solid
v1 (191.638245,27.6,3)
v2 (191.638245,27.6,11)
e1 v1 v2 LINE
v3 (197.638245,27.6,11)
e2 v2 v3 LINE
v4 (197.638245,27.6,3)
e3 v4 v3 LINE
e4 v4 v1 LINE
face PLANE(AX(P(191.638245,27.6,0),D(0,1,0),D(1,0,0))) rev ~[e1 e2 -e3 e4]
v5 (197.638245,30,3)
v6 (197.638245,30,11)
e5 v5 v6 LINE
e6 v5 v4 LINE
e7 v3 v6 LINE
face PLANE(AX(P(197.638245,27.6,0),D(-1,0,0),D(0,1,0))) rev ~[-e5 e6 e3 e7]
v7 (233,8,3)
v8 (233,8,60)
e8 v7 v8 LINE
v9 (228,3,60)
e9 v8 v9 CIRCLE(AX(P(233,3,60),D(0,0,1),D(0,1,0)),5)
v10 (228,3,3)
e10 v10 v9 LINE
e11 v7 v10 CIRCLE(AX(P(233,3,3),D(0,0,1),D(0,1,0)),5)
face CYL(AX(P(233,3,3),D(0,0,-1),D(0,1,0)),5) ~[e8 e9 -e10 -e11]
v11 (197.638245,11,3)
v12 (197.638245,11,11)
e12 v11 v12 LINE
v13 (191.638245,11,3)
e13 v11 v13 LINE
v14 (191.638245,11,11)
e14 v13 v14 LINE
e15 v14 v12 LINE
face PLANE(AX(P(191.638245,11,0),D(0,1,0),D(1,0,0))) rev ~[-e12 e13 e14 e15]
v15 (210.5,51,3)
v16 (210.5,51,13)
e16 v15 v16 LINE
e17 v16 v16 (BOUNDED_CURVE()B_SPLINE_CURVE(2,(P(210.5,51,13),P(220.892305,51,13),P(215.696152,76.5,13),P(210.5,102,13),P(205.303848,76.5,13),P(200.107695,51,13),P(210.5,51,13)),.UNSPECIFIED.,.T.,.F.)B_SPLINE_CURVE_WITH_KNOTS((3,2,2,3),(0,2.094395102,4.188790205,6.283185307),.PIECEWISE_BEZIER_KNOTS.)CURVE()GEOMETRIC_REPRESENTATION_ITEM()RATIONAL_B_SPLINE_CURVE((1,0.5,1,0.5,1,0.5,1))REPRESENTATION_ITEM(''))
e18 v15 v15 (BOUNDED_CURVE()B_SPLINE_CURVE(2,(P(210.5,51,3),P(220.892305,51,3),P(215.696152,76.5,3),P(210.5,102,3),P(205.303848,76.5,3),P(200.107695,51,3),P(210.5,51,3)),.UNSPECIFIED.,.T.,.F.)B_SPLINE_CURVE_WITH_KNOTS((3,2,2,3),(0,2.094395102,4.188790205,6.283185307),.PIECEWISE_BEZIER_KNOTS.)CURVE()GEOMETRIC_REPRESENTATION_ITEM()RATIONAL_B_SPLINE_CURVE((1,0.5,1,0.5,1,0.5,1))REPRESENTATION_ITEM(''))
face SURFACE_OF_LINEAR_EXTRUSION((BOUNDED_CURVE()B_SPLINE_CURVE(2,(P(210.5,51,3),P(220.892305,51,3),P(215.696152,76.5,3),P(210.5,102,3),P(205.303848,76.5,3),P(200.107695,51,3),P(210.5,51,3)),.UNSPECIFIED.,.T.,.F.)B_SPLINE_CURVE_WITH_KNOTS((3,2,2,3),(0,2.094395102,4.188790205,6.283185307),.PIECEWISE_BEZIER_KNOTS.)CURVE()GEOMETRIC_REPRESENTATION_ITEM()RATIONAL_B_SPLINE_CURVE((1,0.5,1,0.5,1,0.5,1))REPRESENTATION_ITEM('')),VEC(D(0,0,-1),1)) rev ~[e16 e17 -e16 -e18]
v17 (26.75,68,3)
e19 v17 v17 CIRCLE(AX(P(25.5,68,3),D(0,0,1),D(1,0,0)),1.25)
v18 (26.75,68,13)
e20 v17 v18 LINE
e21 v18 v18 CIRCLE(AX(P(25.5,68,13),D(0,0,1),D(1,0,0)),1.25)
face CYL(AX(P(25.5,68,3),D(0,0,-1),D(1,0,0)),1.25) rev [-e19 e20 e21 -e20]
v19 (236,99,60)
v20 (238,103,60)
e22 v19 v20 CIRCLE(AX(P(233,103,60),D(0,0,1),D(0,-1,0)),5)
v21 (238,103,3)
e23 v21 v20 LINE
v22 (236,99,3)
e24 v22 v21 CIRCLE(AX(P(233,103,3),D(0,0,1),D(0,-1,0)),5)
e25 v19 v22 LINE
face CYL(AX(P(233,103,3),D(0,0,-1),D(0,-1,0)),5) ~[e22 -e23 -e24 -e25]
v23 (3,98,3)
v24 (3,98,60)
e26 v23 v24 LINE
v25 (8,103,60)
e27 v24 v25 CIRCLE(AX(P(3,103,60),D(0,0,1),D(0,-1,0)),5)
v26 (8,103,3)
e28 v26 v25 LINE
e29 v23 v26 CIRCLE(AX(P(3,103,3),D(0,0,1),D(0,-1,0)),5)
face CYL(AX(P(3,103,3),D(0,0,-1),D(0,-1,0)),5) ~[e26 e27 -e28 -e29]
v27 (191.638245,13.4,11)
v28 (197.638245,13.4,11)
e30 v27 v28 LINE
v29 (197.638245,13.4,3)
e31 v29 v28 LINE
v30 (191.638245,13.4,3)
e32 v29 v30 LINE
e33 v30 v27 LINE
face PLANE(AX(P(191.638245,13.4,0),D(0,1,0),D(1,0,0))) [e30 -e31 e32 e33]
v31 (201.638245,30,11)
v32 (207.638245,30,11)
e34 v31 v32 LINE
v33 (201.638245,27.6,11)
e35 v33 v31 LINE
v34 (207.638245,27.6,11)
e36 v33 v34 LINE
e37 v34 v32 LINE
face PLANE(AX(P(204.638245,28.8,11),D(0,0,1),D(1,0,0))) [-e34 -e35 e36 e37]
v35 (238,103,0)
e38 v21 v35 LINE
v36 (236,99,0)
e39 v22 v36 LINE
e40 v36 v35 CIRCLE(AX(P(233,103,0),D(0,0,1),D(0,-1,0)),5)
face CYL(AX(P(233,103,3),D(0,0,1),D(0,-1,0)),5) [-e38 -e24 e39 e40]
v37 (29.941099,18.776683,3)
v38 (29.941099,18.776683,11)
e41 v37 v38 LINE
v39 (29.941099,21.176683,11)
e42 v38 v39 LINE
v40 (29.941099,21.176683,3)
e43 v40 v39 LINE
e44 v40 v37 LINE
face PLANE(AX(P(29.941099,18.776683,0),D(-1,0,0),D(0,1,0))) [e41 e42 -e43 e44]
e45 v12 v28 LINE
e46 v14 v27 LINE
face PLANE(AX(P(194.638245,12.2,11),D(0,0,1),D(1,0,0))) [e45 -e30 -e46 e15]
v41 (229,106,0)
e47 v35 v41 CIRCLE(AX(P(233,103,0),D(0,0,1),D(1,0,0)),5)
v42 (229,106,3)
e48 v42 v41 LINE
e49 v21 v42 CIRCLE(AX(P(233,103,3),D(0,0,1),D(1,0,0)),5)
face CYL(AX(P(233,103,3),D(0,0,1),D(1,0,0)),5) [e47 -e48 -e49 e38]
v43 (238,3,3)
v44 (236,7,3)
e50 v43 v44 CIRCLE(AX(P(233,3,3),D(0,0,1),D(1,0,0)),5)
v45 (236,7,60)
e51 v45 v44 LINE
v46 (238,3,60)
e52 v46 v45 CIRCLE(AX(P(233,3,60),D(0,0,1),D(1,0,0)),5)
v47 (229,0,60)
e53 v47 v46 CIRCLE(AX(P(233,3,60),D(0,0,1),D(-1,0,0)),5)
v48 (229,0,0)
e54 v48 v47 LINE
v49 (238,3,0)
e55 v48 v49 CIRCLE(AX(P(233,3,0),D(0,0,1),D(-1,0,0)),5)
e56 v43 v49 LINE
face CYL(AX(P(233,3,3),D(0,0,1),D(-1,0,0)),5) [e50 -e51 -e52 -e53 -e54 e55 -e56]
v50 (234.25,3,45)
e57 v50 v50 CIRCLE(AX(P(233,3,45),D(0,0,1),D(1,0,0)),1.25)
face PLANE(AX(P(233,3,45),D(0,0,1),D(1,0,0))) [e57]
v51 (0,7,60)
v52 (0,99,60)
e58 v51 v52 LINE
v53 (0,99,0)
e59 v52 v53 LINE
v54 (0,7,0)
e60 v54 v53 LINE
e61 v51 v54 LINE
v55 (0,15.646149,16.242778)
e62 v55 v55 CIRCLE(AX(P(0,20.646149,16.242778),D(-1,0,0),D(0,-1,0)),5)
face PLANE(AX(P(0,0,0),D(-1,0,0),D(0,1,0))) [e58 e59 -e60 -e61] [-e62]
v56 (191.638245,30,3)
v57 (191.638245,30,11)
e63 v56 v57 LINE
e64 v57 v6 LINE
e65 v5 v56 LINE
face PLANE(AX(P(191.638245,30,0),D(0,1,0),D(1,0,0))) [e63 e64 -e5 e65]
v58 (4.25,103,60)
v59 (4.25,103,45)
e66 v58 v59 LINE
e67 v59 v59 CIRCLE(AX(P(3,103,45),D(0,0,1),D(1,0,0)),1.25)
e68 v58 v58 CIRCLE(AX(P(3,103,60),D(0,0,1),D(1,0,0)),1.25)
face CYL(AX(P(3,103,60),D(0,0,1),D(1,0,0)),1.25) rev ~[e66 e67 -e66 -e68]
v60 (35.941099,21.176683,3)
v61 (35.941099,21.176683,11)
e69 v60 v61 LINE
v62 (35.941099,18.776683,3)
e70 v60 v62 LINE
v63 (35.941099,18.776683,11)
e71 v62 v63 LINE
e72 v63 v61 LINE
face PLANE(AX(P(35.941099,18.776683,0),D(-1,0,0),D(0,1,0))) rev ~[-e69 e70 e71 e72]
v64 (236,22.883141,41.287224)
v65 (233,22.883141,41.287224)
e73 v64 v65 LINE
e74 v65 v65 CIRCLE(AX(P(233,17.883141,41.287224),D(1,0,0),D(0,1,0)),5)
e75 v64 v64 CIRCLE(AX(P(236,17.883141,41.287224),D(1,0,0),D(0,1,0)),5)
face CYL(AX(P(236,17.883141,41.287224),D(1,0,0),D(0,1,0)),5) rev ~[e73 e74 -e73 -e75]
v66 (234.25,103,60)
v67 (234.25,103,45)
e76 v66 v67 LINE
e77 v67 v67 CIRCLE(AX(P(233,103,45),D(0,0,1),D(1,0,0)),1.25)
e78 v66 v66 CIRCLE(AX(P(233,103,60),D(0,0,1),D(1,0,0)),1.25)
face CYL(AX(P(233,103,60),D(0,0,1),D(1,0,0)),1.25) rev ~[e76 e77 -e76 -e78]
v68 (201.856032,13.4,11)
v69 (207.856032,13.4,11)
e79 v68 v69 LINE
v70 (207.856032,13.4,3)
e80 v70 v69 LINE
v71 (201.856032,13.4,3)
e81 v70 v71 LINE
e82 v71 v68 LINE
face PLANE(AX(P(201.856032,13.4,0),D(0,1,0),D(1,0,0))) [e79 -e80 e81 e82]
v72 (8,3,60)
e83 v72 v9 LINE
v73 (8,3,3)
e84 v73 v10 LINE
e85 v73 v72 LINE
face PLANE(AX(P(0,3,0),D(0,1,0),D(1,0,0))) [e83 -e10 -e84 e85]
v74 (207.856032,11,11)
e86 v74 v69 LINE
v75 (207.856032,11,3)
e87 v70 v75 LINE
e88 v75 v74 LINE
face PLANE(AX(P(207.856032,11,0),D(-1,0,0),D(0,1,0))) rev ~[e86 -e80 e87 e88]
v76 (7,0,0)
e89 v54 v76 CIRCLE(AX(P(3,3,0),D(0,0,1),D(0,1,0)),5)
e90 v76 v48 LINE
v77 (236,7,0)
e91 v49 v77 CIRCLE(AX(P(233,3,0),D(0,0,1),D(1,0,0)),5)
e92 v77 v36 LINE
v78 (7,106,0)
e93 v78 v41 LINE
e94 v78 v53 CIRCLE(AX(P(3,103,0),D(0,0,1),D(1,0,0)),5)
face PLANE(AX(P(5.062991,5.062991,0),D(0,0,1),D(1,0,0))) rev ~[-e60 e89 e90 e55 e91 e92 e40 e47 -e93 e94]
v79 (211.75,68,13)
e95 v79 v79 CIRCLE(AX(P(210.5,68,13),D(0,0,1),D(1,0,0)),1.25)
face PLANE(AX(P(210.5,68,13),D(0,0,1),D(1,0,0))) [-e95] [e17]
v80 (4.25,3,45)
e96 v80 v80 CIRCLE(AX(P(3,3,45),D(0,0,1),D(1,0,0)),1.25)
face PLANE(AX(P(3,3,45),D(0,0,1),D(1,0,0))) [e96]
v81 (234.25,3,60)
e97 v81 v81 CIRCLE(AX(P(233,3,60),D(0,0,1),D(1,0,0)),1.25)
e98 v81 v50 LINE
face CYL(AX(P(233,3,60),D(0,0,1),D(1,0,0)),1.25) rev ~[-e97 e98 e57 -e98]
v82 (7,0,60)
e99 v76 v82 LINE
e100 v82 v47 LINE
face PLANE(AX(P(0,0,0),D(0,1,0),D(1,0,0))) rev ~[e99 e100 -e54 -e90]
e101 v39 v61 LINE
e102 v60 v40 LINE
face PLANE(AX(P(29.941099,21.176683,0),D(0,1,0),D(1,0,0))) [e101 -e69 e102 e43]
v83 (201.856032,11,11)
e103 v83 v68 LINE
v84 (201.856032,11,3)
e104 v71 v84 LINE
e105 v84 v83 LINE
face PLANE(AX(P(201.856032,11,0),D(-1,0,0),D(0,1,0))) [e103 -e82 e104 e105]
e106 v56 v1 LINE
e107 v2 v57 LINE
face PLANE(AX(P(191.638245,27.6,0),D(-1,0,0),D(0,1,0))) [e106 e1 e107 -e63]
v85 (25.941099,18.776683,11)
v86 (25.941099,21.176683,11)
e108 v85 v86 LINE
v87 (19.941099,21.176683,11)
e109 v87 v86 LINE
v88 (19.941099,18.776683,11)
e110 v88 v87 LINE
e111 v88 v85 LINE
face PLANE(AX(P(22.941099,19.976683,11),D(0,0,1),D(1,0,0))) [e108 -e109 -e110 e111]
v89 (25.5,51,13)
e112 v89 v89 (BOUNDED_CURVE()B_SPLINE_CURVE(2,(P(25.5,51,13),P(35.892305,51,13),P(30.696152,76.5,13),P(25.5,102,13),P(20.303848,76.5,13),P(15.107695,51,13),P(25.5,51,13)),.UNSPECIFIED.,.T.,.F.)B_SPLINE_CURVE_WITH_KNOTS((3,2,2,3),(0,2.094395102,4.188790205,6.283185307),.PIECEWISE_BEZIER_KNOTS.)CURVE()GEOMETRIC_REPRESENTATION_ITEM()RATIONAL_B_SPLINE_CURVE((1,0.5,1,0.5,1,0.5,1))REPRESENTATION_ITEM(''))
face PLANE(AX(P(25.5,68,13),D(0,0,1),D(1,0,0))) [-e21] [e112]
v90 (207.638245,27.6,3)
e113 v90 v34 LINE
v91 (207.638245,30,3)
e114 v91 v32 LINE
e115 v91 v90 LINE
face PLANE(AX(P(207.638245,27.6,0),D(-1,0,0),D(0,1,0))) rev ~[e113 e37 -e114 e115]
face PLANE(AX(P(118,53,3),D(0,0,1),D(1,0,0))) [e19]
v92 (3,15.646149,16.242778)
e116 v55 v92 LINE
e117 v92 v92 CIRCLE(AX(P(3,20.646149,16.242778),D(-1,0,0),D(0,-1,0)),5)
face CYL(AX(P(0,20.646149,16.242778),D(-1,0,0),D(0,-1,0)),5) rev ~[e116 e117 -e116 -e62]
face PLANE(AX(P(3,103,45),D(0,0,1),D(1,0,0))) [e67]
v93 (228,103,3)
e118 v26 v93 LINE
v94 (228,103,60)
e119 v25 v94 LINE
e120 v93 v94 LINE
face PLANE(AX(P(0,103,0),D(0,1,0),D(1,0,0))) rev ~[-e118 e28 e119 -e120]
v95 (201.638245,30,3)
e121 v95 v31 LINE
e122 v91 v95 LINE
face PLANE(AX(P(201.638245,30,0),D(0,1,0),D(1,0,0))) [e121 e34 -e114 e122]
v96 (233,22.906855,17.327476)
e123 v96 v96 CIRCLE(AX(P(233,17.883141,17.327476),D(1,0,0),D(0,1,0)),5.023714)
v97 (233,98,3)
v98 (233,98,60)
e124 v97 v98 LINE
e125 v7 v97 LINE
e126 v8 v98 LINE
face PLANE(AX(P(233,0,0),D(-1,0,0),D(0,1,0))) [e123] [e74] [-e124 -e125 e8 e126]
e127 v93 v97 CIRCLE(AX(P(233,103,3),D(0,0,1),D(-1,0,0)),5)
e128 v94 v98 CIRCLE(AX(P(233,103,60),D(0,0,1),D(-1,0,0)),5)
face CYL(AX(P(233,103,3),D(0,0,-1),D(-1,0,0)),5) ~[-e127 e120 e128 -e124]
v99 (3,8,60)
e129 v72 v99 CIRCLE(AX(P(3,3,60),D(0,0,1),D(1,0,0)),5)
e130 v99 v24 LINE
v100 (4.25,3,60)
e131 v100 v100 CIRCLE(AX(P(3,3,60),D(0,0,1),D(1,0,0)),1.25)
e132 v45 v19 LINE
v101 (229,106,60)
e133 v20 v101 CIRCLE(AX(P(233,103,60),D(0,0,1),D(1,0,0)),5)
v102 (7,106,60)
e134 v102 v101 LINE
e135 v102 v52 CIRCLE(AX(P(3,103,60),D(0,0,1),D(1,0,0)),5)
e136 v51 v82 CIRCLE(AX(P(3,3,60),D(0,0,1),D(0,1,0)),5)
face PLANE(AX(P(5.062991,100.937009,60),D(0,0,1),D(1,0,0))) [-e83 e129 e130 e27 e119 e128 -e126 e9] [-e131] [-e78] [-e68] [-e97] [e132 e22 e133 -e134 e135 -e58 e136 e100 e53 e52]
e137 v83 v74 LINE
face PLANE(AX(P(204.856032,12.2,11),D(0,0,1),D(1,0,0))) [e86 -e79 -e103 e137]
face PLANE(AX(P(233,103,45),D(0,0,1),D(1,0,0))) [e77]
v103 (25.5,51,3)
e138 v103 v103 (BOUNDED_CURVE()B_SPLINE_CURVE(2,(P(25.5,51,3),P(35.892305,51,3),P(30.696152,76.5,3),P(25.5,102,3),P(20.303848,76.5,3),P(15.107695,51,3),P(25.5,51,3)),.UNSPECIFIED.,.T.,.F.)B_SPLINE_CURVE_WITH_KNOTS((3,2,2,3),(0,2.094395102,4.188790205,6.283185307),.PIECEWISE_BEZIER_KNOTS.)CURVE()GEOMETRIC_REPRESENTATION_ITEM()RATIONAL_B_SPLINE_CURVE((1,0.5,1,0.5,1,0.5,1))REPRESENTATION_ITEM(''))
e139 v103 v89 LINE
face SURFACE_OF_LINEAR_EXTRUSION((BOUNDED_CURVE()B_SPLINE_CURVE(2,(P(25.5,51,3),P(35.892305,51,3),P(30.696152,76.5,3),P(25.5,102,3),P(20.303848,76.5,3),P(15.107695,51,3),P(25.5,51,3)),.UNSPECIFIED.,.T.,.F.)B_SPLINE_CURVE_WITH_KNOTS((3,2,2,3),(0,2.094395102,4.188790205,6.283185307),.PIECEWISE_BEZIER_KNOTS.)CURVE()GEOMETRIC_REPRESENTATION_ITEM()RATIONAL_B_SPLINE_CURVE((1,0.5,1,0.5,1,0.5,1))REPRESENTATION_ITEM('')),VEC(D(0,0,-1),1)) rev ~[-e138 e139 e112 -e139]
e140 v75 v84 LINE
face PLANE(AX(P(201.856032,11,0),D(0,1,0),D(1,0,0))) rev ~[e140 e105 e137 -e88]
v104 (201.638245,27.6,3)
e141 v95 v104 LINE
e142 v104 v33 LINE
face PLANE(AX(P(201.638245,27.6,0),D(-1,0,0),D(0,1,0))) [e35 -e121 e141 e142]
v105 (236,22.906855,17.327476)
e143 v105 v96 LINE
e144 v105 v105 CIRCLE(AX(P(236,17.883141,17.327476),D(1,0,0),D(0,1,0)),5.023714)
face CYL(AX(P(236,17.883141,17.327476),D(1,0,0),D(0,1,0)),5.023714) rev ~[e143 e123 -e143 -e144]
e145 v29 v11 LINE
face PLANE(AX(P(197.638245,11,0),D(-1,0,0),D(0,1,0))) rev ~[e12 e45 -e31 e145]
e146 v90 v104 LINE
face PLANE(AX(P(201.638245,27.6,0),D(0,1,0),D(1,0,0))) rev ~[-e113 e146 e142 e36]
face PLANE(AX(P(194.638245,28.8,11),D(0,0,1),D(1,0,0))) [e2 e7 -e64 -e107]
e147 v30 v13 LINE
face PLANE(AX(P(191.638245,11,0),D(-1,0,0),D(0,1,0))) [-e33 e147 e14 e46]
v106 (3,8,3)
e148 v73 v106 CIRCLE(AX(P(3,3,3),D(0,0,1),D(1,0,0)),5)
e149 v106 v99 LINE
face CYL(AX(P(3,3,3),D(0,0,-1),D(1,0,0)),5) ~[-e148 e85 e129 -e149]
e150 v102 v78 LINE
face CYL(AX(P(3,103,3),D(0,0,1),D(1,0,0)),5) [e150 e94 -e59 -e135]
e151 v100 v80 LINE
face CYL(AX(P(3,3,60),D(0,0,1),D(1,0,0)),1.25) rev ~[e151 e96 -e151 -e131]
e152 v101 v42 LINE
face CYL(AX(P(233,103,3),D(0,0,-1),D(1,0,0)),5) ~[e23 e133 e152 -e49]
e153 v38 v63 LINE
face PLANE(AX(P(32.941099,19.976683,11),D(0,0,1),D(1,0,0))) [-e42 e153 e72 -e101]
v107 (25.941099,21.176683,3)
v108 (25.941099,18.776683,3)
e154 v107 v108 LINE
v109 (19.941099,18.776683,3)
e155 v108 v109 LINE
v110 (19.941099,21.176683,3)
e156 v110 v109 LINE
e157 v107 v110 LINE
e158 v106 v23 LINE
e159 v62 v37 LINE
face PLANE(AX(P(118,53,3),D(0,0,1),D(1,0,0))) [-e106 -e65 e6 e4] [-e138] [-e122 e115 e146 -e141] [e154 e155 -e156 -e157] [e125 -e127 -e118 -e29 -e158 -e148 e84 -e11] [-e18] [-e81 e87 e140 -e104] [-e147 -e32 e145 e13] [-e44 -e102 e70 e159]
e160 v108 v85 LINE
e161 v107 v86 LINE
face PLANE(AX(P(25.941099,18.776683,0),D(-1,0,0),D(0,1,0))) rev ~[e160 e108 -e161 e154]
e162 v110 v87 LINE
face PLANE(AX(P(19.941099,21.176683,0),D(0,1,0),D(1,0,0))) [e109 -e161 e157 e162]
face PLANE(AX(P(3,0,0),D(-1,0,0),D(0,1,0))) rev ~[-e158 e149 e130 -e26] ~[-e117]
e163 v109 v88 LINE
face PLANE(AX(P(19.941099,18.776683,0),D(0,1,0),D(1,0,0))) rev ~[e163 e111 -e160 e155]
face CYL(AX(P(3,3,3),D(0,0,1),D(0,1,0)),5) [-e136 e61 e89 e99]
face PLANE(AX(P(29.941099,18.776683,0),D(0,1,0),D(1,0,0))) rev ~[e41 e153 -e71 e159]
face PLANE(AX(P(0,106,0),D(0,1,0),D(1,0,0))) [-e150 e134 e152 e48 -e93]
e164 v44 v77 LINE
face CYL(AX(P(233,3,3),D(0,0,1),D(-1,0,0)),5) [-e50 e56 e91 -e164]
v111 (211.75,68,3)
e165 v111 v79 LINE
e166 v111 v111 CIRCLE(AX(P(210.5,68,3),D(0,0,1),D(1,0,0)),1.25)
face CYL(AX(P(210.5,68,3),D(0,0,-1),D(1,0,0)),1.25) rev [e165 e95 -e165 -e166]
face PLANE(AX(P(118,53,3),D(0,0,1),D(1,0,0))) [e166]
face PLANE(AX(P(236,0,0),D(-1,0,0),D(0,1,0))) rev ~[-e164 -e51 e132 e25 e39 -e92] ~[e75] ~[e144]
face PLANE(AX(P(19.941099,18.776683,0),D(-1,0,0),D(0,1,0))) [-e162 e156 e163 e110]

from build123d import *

# Parameters (mm, degrees)
F0_W      = 236
F0_H      = 106
F1_DEPTH  = 60
F2_T      = -3
F3_R      = 1.25
F4_DEPTH  = 10
F5_R      = 5
F7_DEPTH  = 57
F8_R      = 1.25
F9_DEPTH  = 15
F10_R     = 5.0237142935
F10_R_2   = 5
F11_DEPTH = 5
F12_R     = 5
F13_DEPTH = 5
F14_W     = 6
F14_H     = 2.4
F15_DEPTH = 11
F16_W     = 6
F16_H     = 2.4
F17_DEPTH = 11
F18_DEPTH = 3


with BuildPart() as f1:
    # F0 (on Top) → F1 (new body)
    with BuildSketch(Plane.XY):
        with Locations((118, 53)):
            Rectangle(F0_W, F0_H)
    extrude(amount=F1_DEPTH)

    # F2
    f2_openings = [f1.faces().sort_by_distance(p)[0] for p in [
        (118, 53, 60),
    ]]
    offset(amount=F2_T, openings=f2_openings)

    # F3 (on face) → F4 (join)
    with BuildSketch(Plane.XY.offset(3)):
        with BuildLine():
            add(Edge.make_bspline(
                [(25.5, 51), (35.8923048454, 51), (30.6961524227, 76.5), (25.5, 102), (20.3038475773, 76.5), (15.1076951546, 51), (25.5, 51)],
                knots=[0, 0, 0, 2.0943951024, 2.0943951024, 4.1887902048, 4.1887902048, 6.2831853072, 6.2831853072, 6.2831853072], degree=2, weights=[1, 0.5, 1, 0.5, 1, 0.5, 1]))
        make_face()
        with Locations((25.5, 68)):
            Circle(F3_R, mode=Mode.SUBTRACT)
        with BuildLine():
            add(Edge.make_bspline(
                [(210.5, 51), (220.8923048454, 51), (215.6961524227, 76.5), (210.5, 102), (205.3038475773, 76.5), (200.1076951546, 51), (210.5, 51)],
                knots=[0, 0, 0, 2.0943951024, 2.0943951024, 4.1887902048, 4.1887902048, 6.2831853072, 6.2831853072, 6.2831853072], degree=2, weights=[1, 0.5, 1, 0.5, 1, 0.5, 1]))
        make_face()
        with Locations((210.5, 68)):
            Circle(F3_R, mode=Mode.SUBTRACT)
    extrude(amount=F4_DEPTH)

    # F5
    f5_edges = [f1.edges().sort_by_distance(p)[0] for p in [
        (0, 0, 30),
        (0, 106, 30),
        (236, 0, 30),
        (236, 106, 30),
    ]]
    fillet(f5_edges, radius=F5_R)

    # F3 (on face) → F7 (join)
    with BuildSketch(Plane.XY.offset(3)):
        with BuildLine():
            ThreePointArc((3, 98), (6.5355339059, 99.4644660941), (8, 103))
            Line((8, 103), (3, 103))
            Line((3, 103), (3, 98))
        make_face()
        with BuildLine():
            ThreePointArc((8, 3), (6.5355339059, 6.5355339059), (3, 8))
            Line((3, 8), (3, 3))
            Line((3, 3), (8, 3))
        make_face()
        with BuildLine():
            Line((233, 103), (228, 103))
            ThreePointArc((228, 103), (229.4644660941, 99.4644660941), (233, 98))
            Line((233, 98), (233, 103))
        make_face()
        with BuildLine():
            Line((233, 3), (233, 8))
            ThreePointArc((233, 8), (229.4644660941, 6.5355339059), (228, 3))
            Line((228, 3), (233, 3))
        make_face()
        with BuildLine():
            ThreePointArc((238, 3), (236.5355339059, 6.5355339059), (233, 8))
            Line((233, 8), (233, 3))
            Line((233, 3), (228, 3))
            ThreePointArc((228, 3), (233, -2), (238, 3))
        make_face()
        with BuildLine():
            Line((3, 3), (3, 8))
            ThreePointArc((3, 8), (-0.5355339059, -0.5355339059), (8, 3))
            Line((8, 3), (3, 3))
        make_face()
        with BuildLine():
            Line((3, 103), (8, 103))
            ThreePointArc((8, 103), (-0.5355339059, 106.5355339059), (3, 98))
            Line((3, 98), (3, 103))
        make_face()
        with BuildLine():
            ThreePointArc((238, 103), (233, 108), (228, 103))
            Line((228, 103), (233, 103))
            Line((233, 103), (233, 98))
            ThreePointArc((233, 98), (236.5355339059, 99.4644660941), (238, 103))
        make_face()
    extrude(amount=F7_DEPTH)

    # F8 (on face) → F9 (cut)
    with BuildSketch(Plane.XY.offset(60)):
        with Locations((233, 3)):
            Circle(F8_R)
        with Locations((233, 103)):
            Circle(F8_R)
        with Locations((3, 3)):
            Circle(F8_R)
        with Locations((3, 103)):
            Circle(F8_R)
    extrude(amount=-F9_DEPTH, mode=Mode.SUBTRACT)

    # F10 (on face) → F11 (cut)
    with BuildSketch(Plane.YZ.offset(236)):
        with Locations((17.8831405938, 17.327476253)):
            Circle(F10_R)
        with Locations((17.8831405938, 41.2872235535)):
            Circle(F10_R_2)
    extrude(amount=-F11_DEPTH, mode=Mode.SUBTRACT)

    # F12 (on face) → F13 (cut)
    with BuildSketch(Plane(origin=(0, 0, 0), x_dir=(0, -1, 0), z_dir=(-1, 0, 0))):
        with Locations((-20.6461492926, 16.2427779287)):
            Circle(F12_R)
    extrude(amount=-F13_DEPTH, mode=Mode.SUBTRACT)

    # F14 (on face) → F15 (join)
    with BuildSketch(Plane.XY):
        with Locations((22.9410991961, 19.9766826301)):
            Rectangle(F14_W, F14_H)
        with Locations((32.9410991961, 19.9766826301)):
            Rectangle(F14_W, F14_H)
    extrude(amount=F15_DEPTH)

    # F16 (on face) → F17 (join)
    with BuildSketch(Plane.XY):
        with Locations((194.6382454364, 28.8)):
            Rectangle(F16_W, F16_H)
        with Locations((204.6382454364, 28.8)):
            Rectangle(F16_W, F16_H)
        with Locations((194.6382454364, 12.2)):
            Rectangle(F16_W, F16_H)
        with Locations((204.8560320139, 12.2)):
            Rectangle(F16_W, F16_H)
    extrude(amount=F17_DEPTH)

    # F18 (add): faces of the model
    f18_faces = [f1.faces().sort_by_distance(p)[0] for p in [
        (1.1261179487, 1.1261179487, 3),
        (1.1261179487, 104.8738820513, 3),
        (234.8738820513, 104.8738820513, 3),
        (234.8738820513, 1.1261179487, 3),
    ]]
    extrude(f18_faces, amount=F18_DEPTH)


solid = f1.part
